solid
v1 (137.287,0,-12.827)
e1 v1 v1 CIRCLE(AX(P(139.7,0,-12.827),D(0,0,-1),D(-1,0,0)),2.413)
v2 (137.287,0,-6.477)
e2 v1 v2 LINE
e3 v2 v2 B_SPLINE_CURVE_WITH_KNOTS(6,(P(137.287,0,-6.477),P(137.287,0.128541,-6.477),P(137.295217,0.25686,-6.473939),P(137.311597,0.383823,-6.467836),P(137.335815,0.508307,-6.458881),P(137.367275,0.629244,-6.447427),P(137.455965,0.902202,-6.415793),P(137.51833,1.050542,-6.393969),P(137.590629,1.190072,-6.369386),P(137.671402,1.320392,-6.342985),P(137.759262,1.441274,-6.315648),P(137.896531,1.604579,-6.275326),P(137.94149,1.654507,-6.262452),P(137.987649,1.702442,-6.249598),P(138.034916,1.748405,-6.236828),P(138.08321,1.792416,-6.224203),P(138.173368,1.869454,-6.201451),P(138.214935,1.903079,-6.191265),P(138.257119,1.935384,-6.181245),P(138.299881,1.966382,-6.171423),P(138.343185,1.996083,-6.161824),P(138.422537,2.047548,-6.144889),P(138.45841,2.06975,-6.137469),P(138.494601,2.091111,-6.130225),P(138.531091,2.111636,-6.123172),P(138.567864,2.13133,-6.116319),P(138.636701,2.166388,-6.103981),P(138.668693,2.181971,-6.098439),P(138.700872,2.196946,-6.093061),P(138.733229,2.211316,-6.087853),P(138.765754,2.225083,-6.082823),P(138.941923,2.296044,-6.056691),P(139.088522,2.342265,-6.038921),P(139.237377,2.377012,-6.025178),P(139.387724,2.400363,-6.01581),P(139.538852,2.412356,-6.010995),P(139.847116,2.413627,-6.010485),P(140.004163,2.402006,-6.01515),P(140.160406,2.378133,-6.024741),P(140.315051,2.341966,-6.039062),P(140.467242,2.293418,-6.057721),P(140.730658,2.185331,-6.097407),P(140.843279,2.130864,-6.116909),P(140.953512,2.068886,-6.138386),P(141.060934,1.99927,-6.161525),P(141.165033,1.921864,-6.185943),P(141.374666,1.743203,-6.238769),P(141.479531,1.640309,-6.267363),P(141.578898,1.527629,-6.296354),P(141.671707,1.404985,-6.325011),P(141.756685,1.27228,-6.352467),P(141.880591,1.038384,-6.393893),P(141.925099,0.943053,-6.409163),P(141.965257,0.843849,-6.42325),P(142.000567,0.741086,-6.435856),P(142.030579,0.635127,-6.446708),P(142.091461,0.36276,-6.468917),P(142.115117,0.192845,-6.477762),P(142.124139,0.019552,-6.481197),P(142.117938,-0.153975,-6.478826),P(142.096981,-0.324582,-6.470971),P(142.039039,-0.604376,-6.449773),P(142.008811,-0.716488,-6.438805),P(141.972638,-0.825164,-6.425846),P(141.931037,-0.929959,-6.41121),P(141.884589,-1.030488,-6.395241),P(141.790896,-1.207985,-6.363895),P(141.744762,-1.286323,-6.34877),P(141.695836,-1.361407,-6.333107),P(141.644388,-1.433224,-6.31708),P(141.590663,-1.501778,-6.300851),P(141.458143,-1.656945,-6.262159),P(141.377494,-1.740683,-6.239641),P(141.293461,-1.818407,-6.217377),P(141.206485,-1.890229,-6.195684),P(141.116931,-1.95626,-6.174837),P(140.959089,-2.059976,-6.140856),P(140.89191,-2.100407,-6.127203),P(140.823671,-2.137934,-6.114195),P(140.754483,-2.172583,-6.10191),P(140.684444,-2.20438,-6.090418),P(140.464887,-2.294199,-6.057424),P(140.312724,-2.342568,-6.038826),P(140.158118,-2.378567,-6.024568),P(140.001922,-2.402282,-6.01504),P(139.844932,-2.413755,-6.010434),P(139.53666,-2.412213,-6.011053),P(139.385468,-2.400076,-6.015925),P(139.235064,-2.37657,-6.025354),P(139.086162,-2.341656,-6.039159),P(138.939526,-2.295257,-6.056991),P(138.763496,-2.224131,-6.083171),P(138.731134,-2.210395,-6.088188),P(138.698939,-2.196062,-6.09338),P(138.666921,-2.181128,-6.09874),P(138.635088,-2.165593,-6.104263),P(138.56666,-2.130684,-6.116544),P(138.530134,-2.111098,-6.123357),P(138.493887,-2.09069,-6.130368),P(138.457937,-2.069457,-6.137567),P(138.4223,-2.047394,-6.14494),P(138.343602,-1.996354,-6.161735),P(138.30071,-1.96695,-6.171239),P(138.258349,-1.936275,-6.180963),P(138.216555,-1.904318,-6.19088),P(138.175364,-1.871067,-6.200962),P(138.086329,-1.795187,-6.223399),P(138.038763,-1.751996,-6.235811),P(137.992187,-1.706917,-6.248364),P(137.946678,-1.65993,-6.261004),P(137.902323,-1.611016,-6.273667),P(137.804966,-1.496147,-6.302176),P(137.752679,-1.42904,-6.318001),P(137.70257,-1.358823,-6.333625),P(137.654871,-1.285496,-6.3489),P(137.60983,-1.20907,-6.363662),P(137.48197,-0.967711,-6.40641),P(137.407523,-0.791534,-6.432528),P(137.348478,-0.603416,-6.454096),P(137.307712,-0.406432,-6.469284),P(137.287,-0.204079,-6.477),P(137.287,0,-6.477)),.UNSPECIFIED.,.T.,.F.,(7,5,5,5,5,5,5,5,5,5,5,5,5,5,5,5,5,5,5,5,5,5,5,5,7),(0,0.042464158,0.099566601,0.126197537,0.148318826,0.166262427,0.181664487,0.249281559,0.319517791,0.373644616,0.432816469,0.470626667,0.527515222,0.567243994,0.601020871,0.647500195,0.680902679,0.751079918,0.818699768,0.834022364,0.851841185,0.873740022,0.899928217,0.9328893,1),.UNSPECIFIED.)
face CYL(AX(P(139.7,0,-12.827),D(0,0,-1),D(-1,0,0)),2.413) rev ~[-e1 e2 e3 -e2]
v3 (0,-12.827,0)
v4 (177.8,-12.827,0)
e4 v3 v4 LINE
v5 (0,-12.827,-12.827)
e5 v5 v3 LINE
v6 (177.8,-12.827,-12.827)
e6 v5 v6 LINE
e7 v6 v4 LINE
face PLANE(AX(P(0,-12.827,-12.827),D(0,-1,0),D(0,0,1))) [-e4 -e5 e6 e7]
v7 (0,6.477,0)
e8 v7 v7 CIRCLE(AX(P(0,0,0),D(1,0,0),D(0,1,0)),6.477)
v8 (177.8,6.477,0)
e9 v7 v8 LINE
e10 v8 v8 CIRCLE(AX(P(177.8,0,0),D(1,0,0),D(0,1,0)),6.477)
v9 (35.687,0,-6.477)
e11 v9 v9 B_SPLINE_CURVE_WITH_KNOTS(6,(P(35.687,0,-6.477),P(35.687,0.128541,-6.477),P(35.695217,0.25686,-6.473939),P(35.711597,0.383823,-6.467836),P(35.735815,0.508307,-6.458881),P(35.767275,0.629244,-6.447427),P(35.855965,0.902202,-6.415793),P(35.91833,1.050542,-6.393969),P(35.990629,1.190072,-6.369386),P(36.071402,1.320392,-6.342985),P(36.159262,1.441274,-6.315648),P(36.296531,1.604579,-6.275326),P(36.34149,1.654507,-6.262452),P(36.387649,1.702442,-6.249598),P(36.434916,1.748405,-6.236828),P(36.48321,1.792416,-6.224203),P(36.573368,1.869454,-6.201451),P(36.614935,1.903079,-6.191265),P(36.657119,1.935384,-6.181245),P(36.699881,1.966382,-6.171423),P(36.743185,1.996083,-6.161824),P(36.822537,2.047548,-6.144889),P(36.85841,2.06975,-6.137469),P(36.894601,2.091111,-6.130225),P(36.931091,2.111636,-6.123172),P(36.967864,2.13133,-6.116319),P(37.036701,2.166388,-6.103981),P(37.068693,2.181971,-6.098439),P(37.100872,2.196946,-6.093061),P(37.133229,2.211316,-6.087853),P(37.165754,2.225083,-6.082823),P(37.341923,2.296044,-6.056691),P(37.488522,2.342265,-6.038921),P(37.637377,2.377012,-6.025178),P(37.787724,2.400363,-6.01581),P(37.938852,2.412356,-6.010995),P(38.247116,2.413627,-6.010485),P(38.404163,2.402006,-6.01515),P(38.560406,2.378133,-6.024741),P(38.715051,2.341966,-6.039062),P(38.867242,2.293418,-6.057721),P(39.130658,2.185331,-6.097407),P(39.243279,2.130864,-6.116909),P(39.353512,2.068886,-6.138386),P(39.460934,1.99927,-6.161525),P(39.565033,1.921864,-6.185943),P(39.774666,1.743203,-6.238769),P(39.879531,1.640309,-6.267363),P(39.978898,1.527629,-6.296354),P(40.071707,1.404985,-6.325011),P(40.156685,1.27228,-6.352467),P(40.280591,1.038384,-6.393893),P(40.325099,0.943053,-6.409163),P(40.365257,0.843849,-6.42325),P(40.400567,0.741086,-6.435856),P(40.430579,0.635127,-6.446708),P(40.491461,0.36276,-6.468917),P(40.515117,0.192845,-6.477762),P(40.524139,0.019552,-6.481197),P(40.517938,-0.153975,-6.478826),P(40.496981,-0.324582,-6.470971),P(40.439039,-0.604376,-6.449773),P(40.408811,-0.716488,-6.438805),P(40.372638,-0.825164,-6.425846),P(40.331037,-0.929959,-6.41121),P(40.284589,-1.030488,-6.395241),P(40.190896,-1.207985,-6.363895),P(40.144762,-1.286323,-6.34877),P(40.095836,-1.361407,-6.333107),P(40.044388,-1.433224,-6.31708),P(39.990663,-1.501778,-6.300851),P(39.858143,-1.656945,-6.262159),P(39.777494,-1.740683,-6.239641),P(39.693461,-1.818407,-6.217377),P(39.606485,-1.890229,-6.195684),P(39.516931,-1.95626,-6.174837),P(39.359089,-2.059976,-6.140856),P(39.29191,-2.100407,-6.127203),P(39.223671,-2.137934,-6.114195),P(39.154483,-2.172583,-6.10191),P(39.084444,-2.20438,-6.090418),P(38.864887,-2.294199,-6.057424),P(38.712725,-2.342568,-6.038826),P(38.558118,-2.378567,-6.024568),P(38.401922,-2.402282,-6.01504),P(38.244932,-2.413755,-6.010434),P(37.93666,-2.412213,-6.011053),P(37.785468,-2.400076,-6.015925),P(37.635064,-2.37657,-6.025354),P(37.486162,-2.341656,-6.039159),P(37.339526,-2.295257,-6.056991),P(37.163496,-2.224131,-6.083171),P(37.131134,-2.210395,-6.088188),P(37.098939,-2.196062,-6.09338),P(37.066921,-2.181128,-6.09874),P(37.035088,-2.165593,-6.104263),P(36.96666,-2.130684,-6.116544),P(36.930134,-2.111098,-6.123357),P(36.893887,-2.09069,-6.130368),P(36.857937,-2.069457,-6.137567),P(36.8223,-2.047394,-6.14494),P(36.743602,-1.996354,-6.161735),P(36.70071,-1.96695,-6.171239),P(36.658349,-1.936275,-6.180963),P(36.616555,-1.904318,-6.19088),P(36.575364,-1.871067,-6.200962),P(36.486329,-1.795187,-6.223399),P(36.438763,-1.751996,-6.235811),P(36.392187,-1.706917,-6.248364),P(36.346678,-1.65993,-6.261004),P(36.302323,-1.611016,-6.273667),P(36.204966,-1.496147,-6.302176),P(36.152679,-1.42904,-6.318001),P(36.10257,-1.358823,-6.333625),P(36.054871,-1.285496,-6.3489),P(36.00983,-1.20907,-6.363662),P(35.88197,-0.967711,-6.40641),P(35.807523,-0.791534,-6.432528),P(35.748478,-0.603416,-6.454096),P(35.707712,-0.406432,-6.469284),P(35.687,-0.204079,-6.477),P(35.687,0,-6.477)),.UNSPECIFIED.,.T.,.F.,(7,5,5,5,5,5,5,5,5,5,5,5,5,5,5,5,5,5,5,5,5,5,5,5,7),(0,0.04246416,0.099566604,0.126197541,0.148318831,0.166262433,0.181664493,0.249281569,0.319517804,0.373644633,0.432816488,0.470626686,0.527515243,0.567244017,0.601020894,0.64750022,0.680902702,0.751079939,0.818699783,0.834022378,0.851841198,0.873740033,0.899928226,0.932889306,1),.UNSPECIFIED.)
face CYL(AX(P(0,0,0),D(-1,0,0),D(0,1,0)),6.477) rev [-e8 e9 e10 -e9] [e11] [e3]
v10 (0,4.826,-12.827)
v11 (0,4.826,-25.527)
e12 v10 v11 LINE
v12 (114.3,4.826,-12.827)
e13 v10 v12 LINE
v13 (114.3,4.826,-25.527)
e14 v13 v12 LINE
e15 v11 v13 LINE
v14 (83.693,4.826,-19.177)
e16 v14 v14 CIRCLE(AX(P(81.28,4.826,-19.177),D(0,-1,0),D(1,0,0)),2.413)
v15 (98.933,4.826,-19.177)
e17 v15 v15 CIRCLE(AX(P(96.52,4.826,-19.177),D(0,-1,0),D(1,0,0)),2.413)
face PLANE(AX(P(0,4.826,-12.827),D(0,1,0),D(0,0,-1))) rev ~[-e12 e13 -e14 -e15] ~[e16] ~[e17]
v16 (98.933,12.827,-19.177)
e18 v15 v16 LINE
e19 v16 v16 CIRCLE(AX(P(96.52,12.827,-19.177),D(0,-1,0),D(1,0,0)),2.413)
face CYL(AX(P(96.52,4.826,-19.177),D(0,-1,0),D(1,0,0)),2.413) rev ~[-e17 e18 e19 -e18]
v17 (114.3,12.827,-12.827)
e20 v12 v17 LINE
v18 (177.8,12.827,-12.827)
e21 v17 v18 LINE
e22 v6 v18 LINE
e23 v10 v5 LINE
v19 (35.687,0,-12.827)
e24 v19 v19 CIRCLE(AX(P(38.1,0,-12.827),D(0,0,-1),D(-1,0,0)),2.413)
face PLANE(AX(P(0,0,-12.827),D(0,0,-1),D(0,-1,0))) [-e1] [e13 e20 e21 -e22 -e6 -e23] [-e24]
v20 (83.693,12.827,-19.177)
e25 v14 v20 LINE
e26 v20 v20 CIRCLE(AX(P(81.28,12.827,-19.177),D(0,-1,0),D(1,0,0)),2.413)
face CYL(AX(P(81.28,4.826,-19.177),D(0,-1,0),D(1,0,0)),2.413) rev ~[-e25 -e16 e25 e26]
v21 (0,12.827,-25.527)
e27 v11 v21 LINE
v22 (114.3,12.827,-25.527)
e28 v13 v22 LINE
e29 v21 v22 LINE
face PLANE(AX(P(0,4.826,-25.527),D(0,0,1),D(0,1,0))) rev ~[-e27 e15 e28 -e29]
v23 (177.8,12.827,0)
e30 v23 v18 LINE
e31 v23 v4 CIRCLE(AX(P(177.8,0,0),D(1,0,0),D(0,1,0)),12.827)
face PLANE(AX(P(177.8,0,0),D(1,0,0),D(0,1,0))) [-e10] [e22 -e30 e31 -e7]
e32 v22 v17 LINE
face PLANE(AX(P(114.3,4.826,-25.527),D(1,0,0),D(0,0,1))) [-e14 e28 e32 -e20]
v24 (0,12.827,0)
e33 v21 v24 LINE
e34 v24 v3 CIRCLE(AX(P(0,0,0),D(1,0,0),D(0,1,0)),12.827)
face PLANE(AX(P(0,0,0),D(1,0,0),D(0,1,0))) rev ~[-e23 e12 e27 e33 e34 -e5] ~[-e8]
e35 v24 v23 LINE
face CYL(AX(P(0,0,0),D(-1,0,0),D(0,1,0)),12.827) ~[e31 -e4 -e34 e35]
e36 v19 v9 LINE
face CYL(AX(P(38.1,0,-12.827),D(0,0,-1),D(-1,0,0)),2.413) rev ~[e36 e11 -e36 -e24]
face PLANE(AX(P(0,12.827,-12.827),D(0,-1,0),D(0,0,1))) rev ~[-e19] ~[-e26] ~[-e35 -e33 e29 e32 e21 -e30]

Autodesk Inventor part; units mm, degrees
ref_plane "YZ Plane" through (0, 0, 0) normal (1, 0, 0) x (0, 1, 0)
ref_plane "XZ Plane" through (0, 0, 0) normal (0, 1, 0) x (-1, 0, 0)
ref_plane "XY Plane" through (0, 0, 0) normal (0, 0, 1) x (1, 0, 0)
sketch "Sketch1" plane through (0, 0, 0) normal (1, 0, 0) x (0, 1, 0)
  circle A0 centre (0, 0) radius 6.477
  circle A1 centre (0, 0) radius 12.827
  dimension "connector_inner_width" = 12.954
  dimension "connector_outerdiam" = 25.654
extrude "Extrusion1" add sketch "Sketch1" along normal blind 177.8
ref_plane "Work Plane1" through (88.9, 0, 0) normal (-1, 0, 0) x (0, 0, 1)
sketch "Sketch2" plane through (0, 0, 0) normal (-1, 0, 0) x (0, 0, 1)
  circle A0 centre (0, 0) radius 12.827 projected
  arc A1 (0, -12.827) -> (0, 12.827) centre (0, 0) ccw construction
  line L0 (-12.827, 0) -> (-12.827, 4.826)
  line L1 (-12.827, 4.826) -> (-25.527, 4.826)
  line L2 (-12.827, 4.826) -> (-12.827, 12.827) construction
  line L3 (-12.827, 0) -> (-12.827, -12.827)
  line L4 (-12.827, -12.827) -> (0, -12.827)
  line L5 (-12.827, 12.827) -> (0, 12.827)
  line L6 (-25.527, 4.826) -> (-25.527, 12.827)
  line L7 (-25.527, 12.827) -> (-12.827, 12.827)
  arc A2 (-12.827, 0) -> (0, -12.827) centre (0, 0) ccw
  arc A3 (0, 12.827) -> (-12.827, 0) centre (0, 0) ccw
  point P0 (-12.827, 0)
  point P1 (-12.827, 0)
  point P2 (0, -12.827)
  dimension "conector_tower_connection_thickness" = 4.826
  dimension "d5" = 12.7
extrude "Extrusion2" add sketch "Sketch2" against normal blind 177.8 contours A0 L0 L1 L6 L7 L5 | L4 L3 A0
sketch "Sketch3" plane through (0, 4.826, -25.527) normal (0, -1, 0) x (1, 0, 0)
  line L0 (0, 12.7) -> (177.8, 12.7) projected
  line L1 (0, 0) -> (177.8, 0) projected
  line L2 (88.9, 0) -> (88.9, 12.7) construction
  line L3 (88.9, 0) -> (88.9, 12.7) construction
  line L4 (88.9, 6.35) -> (96.52, 6.35) construction
  circle A0 centre (96.52, 6.35) radius 2.413
  line L5 (88.9, 6.35) -> (81.28, 6.35) construction
  circle A1 centre (81.28, 6.35) radius 2.413
  point P0 (0, 25.527)
  dimension "d8" = 7.62
  dimension "d9" = 4.826
extrude "Extrusion3" cut sketch "Sketch3" against normal through all
sketch "Sketch4" plane through (0, -12.827, -12.827) normal (0, 0, -1) x (-1, 0, 0)
  line L0 (0, 0) -> (-177.8, 0) projected
  line L1 (0, 17.653) -> (-177.8, 17.653) projected
  line L2 (-88.9, 8.9535) -> (-38.1, 8.9535) construction
  line L3 (-177.8, 6.35) -> (-177.8, 19.304) projected
  line L4 (-177.8, 12.827) -> (0, 12.827) construction
  line L5 (-88.9, 12.827) -> (-139.7, 12.827)
  circle A0 centre (-139.7, 12.827) radius 2.413
  line L6 (-88.9, 0) -> (-88.9, 17.653) construction
  circle A1 centre (-38.1, 12.827) radius 2.413
  dimension "d14" = 50.8
  dimension "d15" = 4.826
extrude "Extrusion4" cut sketch "Sketch4" against normal blind 12.7
sketch "Sketch5" plane through (0, 4.826, -25.527) normal (0, -1, 0) x (1, 0, 0)
  line L0 (0, 12.7) -> (177.8, 12.7) projected
  line L1 (177.8, 12.7) -> (177.8, 0) projected
  line L2 (0, 0) -> (177.8, 0) projected
  circle A0 centre (96.52, 6.35) radius 2.413 projected
  line L3 (177.8, 0) -> (114.3, 0)
  line L4 (114.3, 0) -> (114.3, 12.7)
  line L5 (114.3, 12.7) -> (177.8, 12.7)
  point P0 (0, 25.527)
  dimension "d18" = 63.5
extrude "Extrusion5" cut sketch "Sketch5" against normal blind 12.7 contours L0 L1 L2 L4
equation "\"d6\" = connector_width"
equation "\"connector_width\" = 177.8"
properties part number "arm_connector"
